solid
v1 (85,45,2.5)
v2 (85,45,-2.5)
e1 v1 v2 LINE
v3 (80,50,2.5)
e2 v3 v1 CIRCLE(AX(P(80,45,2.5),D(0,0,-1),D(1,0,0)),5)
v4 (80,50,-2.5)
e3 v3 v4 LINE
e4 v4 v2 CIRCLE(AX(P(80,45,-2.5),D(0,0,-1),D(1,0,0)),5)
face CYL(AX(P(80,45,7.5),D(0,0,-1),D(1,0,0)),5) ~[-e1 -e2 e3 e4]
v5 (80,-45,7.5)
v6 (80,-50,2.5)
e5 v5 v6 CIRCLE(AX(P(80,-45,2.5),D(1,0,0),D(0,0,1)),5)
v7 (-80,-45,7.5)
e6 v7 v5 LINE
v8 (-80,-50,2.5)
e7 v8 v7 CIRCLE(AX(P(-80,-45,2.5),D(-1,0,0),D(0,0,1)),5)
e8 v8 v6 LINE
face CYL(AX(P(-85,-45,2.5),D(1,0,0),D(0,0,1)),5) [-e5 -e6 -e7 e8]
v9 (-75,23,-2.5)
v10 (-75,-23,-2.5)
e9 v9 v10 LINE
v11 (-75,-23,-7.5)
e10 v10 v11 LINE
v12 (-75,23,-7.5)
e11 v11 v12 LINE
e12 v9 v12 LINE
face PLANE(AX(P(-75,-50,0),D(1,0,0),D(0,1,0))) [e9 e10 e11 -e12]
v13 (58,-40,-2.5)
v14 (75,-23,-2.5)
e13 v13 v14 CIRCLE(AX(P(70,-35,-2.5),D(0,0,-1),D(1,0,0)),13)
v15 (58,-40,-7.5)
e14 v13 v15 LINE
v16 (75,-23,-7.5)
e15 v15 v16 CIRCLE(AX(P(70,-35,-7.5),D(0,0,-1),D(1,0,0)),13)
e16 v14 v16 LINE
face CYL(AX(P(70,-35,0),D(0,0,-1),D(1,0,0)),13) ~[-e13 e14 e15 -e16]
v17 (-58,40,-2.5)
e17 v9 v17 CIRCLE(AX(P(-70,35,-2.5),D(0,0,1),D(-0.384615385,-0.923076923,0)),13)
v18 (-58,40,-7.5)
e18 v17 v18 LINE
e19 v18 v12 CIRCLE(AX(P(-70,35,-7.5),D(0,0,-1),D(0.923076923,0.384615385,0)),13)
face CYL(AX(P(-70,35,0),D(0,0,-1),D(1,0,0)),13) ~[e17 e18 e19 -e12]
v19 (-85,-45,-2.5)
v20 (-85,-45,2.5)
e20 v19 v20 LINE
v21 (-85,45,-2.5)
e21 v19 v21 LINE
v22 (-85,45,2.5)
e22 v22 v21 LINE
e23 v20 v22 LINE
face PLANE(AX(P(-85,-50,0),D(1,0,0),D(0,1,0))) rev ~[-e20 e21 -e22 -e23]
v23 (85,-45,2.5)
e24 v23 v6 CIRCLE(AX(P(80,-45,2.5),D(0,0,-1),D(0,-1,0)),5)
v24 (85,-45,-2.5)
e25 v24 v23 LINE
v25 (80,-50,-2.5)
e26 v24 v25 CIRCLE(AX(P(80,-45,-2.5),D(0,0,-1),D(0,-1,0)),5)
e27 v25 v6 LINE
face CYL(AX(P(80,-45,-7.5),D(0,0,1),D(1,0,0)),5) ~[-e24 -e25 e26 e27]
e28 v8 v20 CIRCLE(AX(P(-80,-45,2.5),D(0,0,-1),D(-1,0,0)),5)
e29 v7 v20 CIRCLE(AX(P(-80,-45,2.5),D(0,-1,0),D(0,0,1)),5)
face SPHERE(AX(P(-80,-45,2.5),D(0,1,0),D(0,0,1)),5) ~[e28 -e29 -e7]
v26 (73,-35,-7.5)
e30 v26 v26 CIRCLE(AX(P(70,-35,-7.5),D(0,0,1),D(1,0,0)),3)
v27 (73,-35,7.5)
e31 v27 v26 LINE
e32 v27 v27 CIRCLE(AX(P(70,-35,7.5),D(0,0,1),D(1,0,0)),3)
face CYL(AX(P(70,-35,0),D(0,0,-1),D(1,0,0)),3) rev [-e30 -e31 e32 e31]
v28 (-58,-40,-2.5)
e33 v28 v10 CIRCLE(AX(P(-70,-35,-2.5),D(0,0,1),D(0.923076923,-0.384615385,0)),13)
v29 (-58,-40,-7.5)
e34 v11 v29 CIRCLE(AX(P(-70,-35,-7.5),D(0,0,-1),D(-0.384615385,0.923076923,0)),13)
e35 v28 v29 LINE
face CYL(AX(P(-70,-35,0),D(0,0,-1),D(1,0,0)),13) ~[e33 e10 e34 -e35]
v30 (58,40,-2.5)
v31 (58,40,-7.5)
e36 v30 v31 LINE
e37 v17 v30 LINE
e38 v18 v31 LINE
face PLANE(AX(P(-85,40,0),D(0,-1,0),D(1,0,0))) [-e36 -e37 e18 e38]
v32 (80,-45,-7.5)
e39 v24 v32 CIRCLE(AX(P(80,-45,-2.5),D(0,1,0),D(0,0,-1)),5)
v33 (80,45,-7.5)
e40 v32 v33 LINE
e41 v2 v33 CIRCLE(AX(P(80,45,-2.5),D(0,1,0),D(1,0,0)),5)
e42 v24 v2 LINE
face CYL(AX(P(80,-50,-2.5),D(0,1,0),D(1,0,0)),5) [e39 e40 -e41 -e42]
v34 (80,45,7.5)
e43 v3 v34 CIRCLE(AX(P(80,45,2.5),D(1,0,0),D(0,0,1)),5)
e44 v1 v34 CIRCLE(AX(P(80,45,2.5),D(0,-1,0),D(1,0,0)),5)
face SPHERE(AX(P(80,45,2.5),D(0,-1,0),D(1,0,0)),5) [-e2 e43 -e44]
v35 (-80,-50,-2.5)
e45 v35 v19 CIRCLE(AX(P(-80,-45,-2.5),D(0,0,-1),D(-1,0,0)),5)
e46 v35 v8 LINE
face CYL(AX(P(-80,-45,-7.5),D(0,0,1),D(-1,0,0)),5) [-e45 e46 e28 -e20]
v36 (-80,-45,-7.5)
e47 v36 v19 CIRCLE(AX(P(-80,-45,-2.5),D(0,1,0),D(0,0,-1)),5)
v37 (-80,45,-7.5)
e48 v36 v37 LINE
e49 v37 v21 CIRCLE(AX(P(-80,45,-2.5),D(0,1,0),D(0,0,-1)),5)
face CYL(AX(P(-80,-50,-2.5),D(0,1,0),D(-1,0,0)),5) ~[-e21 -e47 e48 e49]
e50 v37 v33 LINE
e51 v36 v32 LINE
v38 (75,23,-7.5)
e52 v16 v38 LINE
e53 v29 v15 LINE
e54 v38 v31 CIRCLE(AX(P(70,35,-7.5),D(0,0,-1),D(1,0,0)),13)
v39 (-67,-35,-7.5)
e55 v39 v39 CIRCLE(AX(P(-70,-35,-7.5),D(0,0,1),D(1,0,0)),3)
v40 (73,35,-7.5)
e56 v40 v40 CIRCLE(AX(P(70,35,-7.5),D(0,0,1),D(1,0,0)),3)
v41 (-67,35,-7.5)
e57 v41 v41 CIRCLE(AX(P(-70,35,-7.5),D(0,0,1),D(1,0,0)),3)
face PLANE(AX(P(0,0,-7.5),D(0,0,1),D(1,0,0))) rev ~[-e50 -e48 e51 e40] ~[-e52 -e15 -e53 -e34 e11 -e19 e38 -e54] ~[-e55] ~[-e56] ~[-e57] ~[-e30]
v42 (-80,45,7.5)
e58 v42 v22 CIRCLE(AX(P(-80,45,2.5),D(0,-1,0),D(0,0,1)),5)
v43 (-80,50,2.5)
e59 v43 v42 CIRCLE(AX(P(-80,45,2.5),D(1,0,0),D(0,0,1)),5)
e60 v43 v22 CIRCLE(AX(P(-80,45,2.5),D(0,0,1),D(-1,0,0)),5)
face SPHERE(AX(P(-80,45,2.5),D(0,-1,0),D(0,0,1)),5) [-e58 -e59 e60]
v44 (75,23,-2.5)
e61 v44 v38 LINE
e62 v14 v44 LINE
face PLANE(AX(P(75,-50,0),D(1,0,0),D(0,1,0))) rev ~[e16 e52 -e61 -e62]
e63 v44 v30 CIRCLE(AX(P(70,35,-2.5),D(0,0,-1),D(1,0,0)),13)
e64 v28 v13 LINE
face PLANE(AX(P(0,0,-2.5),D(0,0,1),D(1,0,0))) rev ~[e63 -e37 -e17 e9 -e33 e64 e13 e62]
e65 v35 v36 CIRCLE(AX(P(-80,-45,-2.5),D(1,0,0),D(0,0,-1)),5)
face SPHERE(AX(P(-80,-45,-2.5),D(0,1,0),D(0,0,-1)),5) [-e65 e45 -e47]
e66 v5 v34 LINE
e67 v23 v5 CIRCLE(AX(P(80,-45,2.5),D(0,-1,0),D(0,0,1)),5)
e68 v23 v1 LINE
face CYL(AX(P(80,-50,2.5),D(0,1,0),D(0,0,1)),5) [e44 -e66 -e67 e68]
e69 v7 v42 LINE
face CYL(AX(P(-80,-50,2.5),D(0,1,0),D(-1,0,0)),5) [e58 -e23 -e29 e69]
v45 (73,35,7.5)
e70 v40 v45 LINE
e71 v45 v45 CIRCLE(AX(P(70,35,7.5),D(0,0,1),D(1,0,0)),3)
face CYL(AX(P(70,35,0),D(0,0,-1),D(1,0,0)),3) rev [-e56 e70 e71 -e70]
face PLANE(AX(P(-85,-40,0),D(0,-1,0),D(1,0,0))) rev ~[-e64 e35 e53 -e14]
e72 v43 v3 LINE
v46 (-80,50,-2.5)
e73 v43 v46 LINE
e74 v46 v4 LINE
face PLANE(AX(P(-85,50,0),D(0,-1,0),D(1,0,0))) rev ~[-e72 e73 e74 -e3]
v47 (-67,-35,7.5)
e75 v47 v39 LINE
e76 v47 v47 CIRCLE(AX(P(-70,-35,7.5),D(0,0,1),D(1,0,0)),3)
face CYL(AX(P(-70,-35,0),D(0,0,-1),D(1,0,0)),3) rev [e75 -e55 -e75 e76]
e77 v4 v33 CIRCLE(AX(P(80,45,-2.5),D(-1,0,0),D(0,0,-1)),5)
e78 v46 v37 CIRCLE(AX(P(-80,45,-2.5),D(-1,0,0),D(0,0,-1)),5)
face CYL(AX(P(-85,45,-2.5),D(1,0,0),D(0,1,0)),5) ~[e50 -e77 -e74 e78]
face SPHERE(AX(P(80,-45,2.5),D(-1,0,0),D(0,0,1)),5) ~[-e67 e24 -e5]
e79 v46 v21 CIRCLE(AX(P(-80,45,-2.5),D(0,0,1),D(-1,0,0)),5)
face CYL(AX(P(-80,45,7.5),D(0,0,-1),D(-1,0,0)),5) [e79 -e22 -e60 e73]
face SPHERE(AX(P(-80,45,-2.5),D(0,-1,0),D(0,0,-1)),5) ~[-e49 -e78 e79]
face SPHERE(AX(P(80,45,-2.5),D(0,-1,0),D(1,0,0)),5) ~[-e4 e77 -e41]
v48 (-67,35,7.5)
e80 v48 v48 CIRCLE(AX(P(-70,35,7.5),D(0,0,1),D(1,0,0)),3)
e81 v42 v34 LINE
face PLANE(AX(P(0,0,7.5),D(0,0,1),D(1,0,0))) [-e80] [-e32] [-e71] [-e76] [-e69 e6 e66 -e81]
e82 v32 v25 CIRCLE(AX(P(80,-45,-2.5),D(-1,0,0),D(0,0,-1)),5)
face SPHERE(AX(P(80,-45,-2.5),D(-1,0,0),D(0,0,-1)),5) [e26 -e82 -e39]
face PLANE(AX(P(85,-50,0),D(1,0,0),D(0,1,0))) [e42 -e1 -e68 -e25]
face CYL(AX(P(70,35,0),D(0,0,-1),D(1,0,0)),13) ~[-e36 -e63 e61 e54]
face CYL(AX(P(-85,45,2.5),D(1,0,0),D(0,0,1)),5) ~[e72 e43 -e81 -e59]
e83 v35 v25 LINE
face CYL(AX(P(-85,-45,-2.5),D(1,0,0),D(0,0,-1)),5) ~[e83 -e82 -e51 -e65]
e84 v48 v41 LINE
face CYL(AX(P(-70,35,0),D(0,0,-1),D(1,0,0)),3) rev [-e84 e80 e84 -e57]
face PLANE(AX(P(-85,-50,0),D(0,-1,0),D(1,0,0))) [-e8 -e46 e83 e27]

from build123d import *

# Parameters (mm, degrees)
F0_W     = 170
F0_H     = 100
F0_R     = 3
F1_DEPTH = 7.5
F2_T     = -10
F3_R     = 5
F4_R     = 3
F5_DEPTH = 5


with BuildPart() as f1:
    # F0 (on Top) → F1 (new body, symmetric)
    with BuildSketch(Plane.XY):
        Rectangle(F0_W, F0_H)
        with Locations((-70, -35)):
            Circle(F0_R, mode=Mode.SUBTRACT)
        with Locations((70, -35)):
            Circle(F0_R, mode=Mode.SUBTRACT)
        with Locations((-70, 35)):
            Circle(F0_R, mode=Mode.SUBTRACT)
        with Locations((70, 35)):
            Circle(F0_R, mode=Mode.SUBTRACT)
    extrude(amount=F1_DEPTH, both=True)

    # F2
    f2_openings = [f1.faces().sort_by_distance(p)[0] for p in [
        (0, 0, -7.5),
    ]]
    offset(amount=F2_T, openings=f2_openings, kind=Kind.INTERSECTION)

    # F3
    f3_edges = [f1.edges().sort_by_distance(p)[0] for p in [
        (-85, 0, -7.5),
        (-85, 0, 7.5),
        (0, -50, 7.5),
        (0, -50, -7.5),
        (85, 0, -7.5),
        (85, 0, 7.5),
        (85, 50, 0),
        (0, 50, 7.5),
        (0, 50, -7.5),
        (-85, 50, 0),
        (-85, -50, 0),
        (85, -50, 0),
    ]]
    fillet(f3_edges, radius=F3_R)

    # F4 (on face) → F5 (join)
    with BuildSketch(Plane(origin=(0, 0, -2.5), x_dir=(1, 0, 0), z_dir=(0, 0, -1))):
        with BuildLine():
            Line((65, -40), (75, -40))
            Line((75, -40), (75, -30))
            ThreePointArc((75, -30), (65, -30), (65, -40))
        make_face()
        with Locations((70, -35)):
            Circle(F4_R, mode=Mode.SUBTRACT)
        with BuildLine():
            Line((-75, -30), (-75, -40))
            Line((-75, -40), (-65, -40))
            ThreePointArc((-65, -40), (-65, -30), (-75, -30))
        make_face()
        with Locations((-70, -35)):
            Circle(F4_R, mode=Mode.SUBTRACT)
        with BuildLine():
            Line((-65, 40), (-75, 40))
            Line((-75, 40), (-75, 30))
            ThreePointArc((-75, 30), (-65, 30), (-65, 40))
        make_face()
        with Locations((-70, 35)):
            Circle(F4_R, mode=Mode.SUBTRACT)
        with BuildLine():
            Line((75, 30), (75, 40))
            Line((75, 40), (65, 40))
            ThreePointArc((65, 40), (65, 30), (75, 30))
        make_face()
        with Locations((70, 35)):
            Circle(F4_R, mode=Mode.SUBTRACT)
    extrude(amount=F5_DEPTH)


solid = f1.part
